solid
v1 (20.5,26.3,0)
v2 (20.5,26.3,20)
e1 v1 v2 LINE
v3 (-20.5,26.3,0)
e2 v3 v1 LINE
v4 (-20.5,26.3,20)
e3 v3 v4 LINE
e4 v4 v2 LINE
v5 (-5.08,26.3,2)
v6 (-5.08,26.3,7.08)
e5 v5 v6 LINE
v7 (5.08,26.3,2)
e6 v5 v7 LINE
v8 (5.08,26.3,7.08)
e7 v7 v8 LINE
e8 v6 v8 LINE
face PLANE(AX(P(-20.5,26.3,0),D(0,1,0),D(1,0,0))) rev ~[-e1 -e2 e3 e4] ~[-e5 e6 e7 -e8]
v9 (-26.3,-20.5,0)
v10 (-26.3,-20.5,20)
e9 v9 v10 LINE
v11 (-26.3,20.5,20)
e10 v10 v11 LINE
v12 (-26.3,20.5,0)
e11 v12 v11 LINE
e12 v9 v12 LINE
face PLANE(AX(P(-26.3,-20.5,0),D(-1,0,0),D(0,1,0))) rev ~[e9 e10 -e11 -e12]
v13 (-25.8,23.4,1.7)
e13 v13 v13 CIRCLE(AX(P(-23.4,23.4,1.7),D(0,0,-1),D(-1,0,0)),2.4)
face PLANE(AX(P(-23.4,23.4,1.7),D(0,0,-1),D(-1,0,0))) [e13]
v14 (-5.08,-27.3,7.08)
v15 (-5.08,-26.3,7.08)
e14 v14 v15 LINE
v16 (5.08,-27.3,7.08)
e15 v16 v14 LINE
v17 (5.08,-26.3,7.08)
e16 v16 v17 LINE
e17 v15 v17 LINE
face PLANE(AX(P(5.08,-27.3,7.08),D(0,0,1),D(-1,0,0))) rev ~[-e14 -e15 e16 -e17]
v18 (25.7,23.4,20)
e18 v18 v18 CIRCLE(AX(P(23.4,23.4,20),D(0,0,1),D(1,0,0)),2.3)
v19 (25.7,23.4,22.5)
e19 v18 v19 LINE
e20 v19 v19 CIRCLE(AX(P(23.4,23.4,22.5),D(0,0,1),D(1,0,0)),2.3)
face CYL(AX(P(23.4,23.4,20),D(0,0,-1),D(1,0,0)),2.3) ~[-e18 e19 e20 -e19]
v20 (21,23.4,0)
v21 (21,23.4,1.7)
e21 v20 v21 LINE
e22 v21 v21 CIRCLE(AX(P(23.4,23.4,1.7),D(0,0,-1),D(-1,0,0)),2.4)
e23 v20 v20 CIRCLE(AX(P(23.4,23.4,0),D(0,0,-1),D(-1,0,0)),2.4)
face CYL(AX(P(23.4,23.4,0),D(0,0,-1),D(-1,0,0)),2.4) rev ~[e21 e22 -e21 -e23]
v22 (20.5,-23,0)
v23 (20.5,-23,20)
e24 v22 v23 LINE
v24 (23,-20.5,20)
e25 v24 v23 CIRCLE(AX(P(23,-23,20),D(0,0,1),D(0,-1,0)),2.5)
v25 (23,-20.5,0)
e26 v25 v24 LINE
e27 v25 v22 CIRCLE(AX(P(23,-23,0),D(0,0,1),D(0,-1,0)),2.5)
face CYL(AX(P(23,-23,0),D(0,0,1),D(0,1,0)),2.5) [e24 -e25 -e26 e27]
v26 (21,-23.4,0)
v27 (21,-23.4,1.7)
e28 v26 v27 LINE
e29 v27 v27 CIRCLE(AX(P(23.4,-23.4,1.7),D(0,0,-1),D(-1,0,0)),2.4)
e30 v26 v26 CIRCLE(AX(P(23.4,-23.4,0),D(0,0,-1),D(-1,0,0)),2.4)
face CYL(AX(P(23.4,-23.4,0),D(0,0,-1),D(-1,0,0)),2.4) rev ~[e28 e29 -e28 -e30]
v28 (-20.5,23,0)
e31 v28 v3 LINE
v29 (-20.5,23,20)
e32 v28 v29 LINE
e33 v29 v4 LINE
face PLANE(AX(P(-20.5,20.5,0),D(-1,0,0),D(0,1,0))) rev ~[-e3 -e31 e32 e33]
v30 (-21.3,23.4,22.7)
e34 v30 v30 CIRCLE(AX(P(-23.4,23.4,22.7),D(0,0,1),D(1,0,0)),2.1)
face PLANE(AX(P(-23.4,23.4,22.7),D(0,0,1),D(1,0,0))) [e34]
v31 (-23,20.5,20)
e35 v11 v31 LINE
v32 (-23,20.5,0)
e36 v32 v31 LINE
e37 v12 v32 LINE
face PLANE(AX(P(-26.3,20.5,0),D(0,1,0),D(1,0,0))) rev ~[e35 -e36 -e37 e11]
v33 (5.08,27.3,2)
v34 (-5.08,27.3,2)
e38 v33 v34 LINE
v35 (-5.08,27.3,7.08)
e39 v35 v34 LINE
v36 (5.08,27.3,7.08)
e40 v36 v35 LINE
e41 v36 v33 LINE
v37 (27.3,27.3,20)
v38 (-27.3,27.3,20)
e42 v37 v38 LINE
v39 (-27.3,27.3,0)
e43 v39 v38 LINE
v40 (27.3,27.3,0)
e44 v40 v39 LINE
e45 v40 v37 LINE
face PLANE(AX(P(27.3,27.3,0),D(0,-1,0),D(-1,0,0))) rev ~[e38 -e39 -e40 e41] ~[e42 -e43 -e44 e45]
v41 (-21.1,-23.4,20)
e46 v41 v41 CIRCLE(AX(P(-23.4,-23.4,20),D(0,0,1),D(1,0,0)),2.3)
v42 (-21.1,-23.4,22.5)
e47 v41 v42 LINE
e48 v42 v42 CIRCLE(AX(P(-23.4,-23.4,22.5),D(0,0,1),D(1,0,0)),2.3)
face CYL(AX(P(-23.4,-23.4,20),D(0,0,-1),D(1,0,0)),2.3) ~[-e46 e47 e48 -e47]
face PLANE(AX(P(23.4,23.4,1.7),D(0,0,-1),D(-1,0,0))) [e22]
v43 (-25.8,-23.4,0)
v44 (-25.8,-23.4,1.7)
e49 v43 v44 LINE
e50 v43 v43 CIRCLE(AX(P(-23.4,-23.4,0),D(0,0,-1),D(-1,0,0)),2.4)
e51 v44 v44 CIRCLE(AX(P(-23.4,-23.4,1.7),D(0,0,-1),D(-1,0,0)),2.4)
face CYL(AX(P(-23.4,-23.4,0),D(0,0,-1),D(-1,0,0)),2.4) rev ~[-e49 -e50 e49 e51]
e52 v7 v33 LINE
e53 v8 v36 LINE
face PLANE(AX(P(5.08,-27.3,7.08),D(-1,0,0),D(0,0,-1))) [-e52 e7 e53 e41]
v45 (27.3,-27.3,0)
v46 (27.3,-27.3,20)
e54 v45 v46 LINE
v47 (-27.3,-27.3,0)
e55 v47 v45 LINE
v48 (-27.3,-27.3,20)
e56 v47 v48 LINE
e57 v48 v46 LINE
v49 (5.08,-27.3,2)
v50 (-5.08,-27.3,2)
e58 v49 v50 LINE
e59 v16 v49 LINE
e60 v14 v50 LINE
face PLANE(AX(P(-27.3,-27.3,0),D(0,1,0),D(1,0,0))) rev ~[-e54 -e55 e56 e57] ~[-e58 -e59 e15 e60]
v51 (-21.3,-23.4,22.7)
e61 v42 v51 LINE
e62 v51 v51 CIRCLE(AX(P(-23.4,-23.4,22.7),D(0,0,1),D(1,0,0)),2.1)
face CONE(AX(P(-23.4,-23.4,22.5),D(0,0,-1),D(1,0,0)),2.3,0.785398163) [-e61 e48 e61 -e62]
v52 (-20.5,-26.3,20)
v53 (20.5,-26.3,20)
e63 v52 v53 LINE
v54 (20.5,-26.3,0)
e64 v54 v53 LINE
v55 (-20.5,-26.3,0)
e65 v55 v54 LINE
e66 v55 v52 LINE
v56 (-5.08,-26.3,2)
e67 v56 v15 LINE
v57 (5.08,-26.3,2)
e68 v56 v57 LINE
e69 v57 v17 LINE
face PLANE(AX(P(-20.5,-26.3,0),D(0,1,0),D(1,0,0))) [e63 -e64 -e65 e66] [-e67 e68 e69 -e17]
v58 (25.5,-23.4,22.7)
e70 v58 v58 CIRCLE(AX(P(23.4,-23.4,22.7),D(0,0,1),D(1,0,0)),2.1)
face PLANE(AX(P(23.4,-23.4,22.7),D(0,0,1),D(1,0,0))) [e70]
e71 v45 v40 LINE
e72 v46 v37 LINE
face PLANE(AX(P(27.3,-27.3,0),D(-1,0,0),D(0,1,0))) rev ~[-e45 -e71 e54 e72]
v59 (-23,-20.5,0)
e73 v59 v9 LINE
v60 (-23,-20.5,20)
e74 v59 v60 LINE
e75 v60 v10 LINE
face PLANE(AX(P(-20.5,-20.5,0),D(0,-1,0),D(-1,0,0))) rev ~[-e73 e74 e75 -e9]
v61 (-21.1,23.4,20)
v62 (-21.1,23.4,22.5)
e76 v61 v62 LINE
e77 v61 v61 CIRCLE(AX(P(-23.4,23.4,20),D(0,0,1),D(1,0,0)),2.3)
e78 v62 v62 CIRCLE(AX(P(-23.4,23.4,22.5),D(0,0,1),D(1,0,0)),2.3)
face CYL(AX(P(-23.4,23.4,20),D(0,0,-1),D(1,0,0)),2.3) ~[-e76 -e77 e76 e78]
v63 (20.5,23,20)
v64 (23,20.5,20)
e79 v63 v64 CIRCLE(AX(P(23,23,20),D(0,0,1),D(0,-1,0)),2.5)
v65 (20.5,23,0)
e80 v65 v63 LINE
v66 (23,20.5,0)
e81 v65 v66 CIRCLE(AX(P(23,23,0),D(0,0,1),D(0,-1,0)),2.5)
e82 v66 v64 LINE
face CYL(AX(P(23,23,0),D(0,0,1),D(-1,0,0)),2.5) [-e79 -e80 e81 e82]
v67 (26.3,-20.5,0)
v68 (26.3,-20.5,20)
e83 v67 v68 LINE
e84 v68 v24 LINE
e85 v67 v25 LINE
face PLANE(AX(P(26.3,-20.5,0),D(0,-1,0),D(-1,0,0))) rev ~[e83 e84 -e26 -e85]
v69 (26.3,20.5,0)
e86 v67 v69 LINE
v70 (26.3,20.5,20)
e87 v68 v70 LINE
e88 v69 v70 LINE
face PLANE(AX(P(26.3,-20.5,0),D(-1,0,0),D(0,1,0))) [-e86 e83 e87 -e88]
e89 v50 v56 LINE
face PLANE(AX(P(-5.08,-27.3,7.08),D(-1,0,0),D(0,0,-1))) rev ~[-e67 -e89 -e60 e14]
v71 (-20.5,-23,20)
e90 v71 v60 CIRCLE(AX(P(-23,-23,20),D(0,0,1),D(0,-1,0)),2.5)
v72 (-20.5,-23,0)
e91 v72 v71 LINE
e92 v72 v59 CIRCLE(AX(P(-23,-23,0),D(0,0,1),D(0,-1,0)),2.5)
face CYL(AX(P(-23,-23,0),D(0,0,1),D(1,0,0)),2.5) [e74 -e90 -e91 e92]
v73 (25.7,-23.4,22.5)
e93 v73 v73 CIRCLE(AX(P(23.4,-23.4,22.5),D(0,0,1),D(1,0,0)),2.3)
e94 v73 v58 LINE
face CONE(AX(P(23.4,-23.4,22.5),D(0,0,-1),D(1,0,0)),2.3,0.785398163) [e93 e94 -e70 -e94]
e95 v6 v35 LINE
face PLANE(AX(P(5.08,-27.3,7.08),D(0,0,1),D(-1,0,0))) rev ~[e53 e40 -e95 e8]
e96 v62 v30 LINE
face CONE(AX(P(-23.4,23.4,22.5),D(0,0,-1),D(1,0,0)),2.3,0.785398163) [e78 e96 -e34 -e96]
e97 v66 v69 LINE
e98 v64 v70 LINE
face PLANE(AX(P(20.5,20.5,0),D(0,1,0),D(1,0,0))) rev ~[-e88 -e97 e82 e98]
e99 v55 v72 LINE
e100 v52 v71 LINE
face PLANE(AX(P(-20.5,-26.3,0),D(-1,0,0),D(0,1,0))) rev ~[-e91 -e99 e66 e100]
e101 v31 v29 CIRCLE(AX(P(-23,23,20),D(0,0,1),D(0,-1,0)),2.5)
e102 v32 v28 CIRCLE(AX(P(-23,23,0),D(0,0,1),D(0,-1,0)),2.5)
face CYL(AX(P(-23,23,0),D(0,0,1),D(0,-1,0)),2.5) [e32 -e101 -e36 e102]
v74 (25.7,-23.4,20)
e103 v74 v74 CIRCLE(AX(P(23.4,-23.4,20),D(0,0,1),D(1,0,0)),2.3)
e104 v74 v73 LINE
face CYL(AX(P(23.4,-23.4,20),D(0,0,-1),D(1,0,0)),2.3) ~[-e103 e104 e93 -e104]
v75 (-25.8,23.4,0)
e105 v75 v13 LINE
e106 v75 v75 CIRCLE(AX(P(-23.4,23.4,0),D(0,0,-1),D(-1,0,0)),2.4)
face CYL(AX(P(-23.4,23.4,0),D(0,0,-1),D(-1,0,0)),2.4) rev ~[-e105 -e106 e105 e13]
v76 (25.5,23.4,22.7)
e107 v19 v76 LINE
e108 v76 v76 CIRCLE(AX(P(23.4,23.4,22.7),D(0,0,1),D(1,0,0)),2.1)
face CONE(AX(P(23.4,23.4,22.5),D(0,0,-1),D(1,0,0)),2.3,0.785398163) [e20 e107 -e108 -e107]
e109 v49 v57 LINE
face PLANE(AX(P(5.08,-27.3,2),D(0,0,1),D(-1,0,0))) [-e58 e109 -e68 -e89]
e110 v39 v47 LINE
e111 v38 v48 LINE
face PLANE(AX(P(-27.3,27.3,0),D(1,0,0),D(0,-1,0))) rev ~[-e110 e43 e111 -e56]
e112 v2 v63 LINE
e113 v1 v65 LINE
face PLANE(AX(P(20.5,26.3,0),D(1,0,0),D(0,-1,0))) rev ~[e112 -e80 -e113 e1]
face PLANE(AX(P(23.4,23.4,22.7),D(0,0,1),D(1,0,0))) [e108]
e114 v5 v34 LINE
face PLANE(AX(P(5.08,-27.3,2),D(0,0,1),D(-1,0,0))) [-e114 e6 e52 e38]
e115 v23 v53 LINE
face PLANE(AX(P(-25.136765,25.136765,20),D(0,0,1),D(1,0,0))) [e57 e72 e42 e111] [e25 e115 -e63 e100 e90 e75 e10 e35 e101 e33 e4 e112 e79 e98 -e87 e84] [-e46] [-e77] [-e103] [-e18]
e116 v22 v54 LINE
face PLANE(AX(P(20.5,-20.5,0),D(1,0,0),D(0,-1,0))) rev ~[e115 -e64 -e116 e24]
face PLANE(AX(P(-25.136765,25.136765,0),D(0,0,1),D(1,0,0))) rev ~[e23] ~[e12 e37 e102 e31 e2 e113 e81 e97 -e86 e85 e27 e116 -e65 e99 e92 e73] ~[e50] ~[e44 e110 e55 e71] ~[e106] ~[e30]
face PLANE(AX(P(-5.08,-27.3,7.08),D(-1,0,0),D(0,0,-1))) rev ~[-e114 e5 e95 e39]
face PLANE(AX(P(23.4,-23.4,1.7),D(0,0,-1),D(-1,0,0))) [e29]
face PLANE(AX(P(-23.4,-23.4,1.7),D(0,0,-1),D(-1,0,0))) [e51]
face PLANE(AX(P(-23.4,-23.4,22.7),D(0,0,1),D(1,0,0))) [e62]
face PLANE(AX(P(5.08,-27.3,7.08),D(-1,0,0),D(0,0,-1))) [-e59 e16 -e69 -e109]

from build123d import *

# Parameters (mm, degrees)
SKICA1_W                 = 5.8
SKICA1_H                 = 5.8
SKICA1_W_2               = 1
SKICA1_H_2               = 41
SKICA1_W_3               = 41
SKICA1_H_3               = 1
P_IDAT_VYSUNUT_M2_DEPTH  = 20
ZAOBLIT1_R               = 2.5
SKICA2_R                 = 2.4
ODEBRAT_VYSUNUT_M1_DEPTH = 1.7
SKICA3_R                 = 2.3
P_IDAT_VYSUNUT_M3_DEPTH  = 2.7
ZKOSEN_1_SIZE            = 0.2
SKICA4_W                 = 10.16
SKICA4_H                 = 5.08
ODEBRAT_VYSUNUT_M2_DEPTH = 68.7


with BuildPart() as part:
    # Skica1 → Přidat vysunutím2 (new body)
    with BuildSketch(Plane.XY):
        Polygon((-27.3, 27.3), (-27.3, 20.5), (-26.3, 20.5), (-26.3, 26.3), (-20.5, 26.3), (-20.5, 27.3), align=None)
        with Locations((-23.4, 23.4)):
            Rectangle(SKICA1_W, SKICA1_H)
        Polygon((26.3, 20.5), (27.3, 20.5), (27.3, 27.3), (20.5, 27.3), (20.5, 26.3), (26.3, 26.3), align=None)
        with Locations((23.4, 23.4)):
            Rectangle(SKICA1_W, SKICA1_H)
        Polygon((20.5, -26.3), (20.5, -27.3), (27.3, -27.3), (27.3, -20.5), (26.3, -20.5), (26.3, -26.3), align=None)
        with Locations((23.4, -23.4)):
            Rectangle(SKICA1_W, SKICA1_H)
        with Locations((-23.4, -23.4)):
            Rectangle(SKICA1_W, SKICA1_H)
        Polygon((-27.3, -27.3), (-20.5, -27.3), (-20.5, -26.3), (-26.3, -26.3), (-26.3, -20.5), (-27.3, -20.5), align=None)
        with Locations((-26.8, 0)):
            Rectangle(SKICA1_W_2, SKICA1_H_2)
        with Locations((0, -26.8)):
            Rectangle(SKICA1_W_3, SKICA1_H_3)
        with Locations((26.8, 0)):
            Rectangle(SKICA1_W_2, SKICA1_H_2)
        with Locations((0, 26.8)):
            Rectangle(SKICA1_W_3, SKICA1_H_3)
    extrude(amount=P_IDAT_VYSUNUT_M2_DEPTH)

    # Zaoblit1
    zaoblit1_edges = [part.edges().sort_by_distance(p)[0] for p in [
        (20.5, -20.5, 10),
        (20.5, 20.5, 10),
        (-20.5, 20.5, 10),
        (-20.5, -20.5, 10),
    ]]
    fillet(zaoblit1_edges, radius=ZAOBLIT1_R)

    # Skica2 → Odebrat vysunutím1 (cut)
    with BuildSketch(Plane(origin=(0, 0, 0), x_dir=(-1, 0, 0), z_dir=(0, 0, -1))):
        with Locations((-23.4, 23.4)):
            Circle(SKICA2_R)
        with Locations((23.4, 23.4)):
            Circle(SKICA2_R)
        with Locations((23.4, -23.4)):
            Circle(SKICA2_R)
        with Locations((-23.4, -23.4)):
            Circle(SKICA2_R)
    extrude(amount=-ODEBRAT_VYSUNUT_M1_DEPTH, mode=Mode.SUBTRACT)

    # Skica3 → Přidat vysunutím3 (add)
    with BuildSketch(Plane.XY.offset(20)):
        with Locations((-23.4, 23.4)):
            Circle(SKICA3_R)
        with Locations((23.4, 23.4)):
            Circle(SKICA3_R)
        with Locations((23.4, -23.4)):
            Circle(SKICA3_R)
        with Locations((-23.4, -23.4)):
            Circle(SKICA3_R)
    extrude(amount=P_IDAT_VYSUNUT_M3_DEPTH)

    # Zkosení1
    zkosen_1_edges = [part.edges().sort_by_distance(p)[0] for p in [
        (-25.7, 23.4, 22.7),
        (21.1, 23.4, 22.7),
        (21.1, -23.4, 22.7),
        (-25.7, -23.4, 22.7),
    ]]
    chamfer(zkosen_1_edges, length=ZKOSEN_1_SIZE)

    # Skica4 → Odebrat vysunutím2 (cut)
    with BuildSketch(Plane(origin=(0, -27.3, 0), x_dir=(-1, 0, 0), z_dir=(0, -1, 0))):
        with Locations((0, -4.54)):
            Rectangle(SKICA4_W, SKICA4_H)
    extrude(amount=-ODEBRAT_VYSUNUT_M2_DEPTH, mode=Mode.SUBTRACT)


solid = part.part
